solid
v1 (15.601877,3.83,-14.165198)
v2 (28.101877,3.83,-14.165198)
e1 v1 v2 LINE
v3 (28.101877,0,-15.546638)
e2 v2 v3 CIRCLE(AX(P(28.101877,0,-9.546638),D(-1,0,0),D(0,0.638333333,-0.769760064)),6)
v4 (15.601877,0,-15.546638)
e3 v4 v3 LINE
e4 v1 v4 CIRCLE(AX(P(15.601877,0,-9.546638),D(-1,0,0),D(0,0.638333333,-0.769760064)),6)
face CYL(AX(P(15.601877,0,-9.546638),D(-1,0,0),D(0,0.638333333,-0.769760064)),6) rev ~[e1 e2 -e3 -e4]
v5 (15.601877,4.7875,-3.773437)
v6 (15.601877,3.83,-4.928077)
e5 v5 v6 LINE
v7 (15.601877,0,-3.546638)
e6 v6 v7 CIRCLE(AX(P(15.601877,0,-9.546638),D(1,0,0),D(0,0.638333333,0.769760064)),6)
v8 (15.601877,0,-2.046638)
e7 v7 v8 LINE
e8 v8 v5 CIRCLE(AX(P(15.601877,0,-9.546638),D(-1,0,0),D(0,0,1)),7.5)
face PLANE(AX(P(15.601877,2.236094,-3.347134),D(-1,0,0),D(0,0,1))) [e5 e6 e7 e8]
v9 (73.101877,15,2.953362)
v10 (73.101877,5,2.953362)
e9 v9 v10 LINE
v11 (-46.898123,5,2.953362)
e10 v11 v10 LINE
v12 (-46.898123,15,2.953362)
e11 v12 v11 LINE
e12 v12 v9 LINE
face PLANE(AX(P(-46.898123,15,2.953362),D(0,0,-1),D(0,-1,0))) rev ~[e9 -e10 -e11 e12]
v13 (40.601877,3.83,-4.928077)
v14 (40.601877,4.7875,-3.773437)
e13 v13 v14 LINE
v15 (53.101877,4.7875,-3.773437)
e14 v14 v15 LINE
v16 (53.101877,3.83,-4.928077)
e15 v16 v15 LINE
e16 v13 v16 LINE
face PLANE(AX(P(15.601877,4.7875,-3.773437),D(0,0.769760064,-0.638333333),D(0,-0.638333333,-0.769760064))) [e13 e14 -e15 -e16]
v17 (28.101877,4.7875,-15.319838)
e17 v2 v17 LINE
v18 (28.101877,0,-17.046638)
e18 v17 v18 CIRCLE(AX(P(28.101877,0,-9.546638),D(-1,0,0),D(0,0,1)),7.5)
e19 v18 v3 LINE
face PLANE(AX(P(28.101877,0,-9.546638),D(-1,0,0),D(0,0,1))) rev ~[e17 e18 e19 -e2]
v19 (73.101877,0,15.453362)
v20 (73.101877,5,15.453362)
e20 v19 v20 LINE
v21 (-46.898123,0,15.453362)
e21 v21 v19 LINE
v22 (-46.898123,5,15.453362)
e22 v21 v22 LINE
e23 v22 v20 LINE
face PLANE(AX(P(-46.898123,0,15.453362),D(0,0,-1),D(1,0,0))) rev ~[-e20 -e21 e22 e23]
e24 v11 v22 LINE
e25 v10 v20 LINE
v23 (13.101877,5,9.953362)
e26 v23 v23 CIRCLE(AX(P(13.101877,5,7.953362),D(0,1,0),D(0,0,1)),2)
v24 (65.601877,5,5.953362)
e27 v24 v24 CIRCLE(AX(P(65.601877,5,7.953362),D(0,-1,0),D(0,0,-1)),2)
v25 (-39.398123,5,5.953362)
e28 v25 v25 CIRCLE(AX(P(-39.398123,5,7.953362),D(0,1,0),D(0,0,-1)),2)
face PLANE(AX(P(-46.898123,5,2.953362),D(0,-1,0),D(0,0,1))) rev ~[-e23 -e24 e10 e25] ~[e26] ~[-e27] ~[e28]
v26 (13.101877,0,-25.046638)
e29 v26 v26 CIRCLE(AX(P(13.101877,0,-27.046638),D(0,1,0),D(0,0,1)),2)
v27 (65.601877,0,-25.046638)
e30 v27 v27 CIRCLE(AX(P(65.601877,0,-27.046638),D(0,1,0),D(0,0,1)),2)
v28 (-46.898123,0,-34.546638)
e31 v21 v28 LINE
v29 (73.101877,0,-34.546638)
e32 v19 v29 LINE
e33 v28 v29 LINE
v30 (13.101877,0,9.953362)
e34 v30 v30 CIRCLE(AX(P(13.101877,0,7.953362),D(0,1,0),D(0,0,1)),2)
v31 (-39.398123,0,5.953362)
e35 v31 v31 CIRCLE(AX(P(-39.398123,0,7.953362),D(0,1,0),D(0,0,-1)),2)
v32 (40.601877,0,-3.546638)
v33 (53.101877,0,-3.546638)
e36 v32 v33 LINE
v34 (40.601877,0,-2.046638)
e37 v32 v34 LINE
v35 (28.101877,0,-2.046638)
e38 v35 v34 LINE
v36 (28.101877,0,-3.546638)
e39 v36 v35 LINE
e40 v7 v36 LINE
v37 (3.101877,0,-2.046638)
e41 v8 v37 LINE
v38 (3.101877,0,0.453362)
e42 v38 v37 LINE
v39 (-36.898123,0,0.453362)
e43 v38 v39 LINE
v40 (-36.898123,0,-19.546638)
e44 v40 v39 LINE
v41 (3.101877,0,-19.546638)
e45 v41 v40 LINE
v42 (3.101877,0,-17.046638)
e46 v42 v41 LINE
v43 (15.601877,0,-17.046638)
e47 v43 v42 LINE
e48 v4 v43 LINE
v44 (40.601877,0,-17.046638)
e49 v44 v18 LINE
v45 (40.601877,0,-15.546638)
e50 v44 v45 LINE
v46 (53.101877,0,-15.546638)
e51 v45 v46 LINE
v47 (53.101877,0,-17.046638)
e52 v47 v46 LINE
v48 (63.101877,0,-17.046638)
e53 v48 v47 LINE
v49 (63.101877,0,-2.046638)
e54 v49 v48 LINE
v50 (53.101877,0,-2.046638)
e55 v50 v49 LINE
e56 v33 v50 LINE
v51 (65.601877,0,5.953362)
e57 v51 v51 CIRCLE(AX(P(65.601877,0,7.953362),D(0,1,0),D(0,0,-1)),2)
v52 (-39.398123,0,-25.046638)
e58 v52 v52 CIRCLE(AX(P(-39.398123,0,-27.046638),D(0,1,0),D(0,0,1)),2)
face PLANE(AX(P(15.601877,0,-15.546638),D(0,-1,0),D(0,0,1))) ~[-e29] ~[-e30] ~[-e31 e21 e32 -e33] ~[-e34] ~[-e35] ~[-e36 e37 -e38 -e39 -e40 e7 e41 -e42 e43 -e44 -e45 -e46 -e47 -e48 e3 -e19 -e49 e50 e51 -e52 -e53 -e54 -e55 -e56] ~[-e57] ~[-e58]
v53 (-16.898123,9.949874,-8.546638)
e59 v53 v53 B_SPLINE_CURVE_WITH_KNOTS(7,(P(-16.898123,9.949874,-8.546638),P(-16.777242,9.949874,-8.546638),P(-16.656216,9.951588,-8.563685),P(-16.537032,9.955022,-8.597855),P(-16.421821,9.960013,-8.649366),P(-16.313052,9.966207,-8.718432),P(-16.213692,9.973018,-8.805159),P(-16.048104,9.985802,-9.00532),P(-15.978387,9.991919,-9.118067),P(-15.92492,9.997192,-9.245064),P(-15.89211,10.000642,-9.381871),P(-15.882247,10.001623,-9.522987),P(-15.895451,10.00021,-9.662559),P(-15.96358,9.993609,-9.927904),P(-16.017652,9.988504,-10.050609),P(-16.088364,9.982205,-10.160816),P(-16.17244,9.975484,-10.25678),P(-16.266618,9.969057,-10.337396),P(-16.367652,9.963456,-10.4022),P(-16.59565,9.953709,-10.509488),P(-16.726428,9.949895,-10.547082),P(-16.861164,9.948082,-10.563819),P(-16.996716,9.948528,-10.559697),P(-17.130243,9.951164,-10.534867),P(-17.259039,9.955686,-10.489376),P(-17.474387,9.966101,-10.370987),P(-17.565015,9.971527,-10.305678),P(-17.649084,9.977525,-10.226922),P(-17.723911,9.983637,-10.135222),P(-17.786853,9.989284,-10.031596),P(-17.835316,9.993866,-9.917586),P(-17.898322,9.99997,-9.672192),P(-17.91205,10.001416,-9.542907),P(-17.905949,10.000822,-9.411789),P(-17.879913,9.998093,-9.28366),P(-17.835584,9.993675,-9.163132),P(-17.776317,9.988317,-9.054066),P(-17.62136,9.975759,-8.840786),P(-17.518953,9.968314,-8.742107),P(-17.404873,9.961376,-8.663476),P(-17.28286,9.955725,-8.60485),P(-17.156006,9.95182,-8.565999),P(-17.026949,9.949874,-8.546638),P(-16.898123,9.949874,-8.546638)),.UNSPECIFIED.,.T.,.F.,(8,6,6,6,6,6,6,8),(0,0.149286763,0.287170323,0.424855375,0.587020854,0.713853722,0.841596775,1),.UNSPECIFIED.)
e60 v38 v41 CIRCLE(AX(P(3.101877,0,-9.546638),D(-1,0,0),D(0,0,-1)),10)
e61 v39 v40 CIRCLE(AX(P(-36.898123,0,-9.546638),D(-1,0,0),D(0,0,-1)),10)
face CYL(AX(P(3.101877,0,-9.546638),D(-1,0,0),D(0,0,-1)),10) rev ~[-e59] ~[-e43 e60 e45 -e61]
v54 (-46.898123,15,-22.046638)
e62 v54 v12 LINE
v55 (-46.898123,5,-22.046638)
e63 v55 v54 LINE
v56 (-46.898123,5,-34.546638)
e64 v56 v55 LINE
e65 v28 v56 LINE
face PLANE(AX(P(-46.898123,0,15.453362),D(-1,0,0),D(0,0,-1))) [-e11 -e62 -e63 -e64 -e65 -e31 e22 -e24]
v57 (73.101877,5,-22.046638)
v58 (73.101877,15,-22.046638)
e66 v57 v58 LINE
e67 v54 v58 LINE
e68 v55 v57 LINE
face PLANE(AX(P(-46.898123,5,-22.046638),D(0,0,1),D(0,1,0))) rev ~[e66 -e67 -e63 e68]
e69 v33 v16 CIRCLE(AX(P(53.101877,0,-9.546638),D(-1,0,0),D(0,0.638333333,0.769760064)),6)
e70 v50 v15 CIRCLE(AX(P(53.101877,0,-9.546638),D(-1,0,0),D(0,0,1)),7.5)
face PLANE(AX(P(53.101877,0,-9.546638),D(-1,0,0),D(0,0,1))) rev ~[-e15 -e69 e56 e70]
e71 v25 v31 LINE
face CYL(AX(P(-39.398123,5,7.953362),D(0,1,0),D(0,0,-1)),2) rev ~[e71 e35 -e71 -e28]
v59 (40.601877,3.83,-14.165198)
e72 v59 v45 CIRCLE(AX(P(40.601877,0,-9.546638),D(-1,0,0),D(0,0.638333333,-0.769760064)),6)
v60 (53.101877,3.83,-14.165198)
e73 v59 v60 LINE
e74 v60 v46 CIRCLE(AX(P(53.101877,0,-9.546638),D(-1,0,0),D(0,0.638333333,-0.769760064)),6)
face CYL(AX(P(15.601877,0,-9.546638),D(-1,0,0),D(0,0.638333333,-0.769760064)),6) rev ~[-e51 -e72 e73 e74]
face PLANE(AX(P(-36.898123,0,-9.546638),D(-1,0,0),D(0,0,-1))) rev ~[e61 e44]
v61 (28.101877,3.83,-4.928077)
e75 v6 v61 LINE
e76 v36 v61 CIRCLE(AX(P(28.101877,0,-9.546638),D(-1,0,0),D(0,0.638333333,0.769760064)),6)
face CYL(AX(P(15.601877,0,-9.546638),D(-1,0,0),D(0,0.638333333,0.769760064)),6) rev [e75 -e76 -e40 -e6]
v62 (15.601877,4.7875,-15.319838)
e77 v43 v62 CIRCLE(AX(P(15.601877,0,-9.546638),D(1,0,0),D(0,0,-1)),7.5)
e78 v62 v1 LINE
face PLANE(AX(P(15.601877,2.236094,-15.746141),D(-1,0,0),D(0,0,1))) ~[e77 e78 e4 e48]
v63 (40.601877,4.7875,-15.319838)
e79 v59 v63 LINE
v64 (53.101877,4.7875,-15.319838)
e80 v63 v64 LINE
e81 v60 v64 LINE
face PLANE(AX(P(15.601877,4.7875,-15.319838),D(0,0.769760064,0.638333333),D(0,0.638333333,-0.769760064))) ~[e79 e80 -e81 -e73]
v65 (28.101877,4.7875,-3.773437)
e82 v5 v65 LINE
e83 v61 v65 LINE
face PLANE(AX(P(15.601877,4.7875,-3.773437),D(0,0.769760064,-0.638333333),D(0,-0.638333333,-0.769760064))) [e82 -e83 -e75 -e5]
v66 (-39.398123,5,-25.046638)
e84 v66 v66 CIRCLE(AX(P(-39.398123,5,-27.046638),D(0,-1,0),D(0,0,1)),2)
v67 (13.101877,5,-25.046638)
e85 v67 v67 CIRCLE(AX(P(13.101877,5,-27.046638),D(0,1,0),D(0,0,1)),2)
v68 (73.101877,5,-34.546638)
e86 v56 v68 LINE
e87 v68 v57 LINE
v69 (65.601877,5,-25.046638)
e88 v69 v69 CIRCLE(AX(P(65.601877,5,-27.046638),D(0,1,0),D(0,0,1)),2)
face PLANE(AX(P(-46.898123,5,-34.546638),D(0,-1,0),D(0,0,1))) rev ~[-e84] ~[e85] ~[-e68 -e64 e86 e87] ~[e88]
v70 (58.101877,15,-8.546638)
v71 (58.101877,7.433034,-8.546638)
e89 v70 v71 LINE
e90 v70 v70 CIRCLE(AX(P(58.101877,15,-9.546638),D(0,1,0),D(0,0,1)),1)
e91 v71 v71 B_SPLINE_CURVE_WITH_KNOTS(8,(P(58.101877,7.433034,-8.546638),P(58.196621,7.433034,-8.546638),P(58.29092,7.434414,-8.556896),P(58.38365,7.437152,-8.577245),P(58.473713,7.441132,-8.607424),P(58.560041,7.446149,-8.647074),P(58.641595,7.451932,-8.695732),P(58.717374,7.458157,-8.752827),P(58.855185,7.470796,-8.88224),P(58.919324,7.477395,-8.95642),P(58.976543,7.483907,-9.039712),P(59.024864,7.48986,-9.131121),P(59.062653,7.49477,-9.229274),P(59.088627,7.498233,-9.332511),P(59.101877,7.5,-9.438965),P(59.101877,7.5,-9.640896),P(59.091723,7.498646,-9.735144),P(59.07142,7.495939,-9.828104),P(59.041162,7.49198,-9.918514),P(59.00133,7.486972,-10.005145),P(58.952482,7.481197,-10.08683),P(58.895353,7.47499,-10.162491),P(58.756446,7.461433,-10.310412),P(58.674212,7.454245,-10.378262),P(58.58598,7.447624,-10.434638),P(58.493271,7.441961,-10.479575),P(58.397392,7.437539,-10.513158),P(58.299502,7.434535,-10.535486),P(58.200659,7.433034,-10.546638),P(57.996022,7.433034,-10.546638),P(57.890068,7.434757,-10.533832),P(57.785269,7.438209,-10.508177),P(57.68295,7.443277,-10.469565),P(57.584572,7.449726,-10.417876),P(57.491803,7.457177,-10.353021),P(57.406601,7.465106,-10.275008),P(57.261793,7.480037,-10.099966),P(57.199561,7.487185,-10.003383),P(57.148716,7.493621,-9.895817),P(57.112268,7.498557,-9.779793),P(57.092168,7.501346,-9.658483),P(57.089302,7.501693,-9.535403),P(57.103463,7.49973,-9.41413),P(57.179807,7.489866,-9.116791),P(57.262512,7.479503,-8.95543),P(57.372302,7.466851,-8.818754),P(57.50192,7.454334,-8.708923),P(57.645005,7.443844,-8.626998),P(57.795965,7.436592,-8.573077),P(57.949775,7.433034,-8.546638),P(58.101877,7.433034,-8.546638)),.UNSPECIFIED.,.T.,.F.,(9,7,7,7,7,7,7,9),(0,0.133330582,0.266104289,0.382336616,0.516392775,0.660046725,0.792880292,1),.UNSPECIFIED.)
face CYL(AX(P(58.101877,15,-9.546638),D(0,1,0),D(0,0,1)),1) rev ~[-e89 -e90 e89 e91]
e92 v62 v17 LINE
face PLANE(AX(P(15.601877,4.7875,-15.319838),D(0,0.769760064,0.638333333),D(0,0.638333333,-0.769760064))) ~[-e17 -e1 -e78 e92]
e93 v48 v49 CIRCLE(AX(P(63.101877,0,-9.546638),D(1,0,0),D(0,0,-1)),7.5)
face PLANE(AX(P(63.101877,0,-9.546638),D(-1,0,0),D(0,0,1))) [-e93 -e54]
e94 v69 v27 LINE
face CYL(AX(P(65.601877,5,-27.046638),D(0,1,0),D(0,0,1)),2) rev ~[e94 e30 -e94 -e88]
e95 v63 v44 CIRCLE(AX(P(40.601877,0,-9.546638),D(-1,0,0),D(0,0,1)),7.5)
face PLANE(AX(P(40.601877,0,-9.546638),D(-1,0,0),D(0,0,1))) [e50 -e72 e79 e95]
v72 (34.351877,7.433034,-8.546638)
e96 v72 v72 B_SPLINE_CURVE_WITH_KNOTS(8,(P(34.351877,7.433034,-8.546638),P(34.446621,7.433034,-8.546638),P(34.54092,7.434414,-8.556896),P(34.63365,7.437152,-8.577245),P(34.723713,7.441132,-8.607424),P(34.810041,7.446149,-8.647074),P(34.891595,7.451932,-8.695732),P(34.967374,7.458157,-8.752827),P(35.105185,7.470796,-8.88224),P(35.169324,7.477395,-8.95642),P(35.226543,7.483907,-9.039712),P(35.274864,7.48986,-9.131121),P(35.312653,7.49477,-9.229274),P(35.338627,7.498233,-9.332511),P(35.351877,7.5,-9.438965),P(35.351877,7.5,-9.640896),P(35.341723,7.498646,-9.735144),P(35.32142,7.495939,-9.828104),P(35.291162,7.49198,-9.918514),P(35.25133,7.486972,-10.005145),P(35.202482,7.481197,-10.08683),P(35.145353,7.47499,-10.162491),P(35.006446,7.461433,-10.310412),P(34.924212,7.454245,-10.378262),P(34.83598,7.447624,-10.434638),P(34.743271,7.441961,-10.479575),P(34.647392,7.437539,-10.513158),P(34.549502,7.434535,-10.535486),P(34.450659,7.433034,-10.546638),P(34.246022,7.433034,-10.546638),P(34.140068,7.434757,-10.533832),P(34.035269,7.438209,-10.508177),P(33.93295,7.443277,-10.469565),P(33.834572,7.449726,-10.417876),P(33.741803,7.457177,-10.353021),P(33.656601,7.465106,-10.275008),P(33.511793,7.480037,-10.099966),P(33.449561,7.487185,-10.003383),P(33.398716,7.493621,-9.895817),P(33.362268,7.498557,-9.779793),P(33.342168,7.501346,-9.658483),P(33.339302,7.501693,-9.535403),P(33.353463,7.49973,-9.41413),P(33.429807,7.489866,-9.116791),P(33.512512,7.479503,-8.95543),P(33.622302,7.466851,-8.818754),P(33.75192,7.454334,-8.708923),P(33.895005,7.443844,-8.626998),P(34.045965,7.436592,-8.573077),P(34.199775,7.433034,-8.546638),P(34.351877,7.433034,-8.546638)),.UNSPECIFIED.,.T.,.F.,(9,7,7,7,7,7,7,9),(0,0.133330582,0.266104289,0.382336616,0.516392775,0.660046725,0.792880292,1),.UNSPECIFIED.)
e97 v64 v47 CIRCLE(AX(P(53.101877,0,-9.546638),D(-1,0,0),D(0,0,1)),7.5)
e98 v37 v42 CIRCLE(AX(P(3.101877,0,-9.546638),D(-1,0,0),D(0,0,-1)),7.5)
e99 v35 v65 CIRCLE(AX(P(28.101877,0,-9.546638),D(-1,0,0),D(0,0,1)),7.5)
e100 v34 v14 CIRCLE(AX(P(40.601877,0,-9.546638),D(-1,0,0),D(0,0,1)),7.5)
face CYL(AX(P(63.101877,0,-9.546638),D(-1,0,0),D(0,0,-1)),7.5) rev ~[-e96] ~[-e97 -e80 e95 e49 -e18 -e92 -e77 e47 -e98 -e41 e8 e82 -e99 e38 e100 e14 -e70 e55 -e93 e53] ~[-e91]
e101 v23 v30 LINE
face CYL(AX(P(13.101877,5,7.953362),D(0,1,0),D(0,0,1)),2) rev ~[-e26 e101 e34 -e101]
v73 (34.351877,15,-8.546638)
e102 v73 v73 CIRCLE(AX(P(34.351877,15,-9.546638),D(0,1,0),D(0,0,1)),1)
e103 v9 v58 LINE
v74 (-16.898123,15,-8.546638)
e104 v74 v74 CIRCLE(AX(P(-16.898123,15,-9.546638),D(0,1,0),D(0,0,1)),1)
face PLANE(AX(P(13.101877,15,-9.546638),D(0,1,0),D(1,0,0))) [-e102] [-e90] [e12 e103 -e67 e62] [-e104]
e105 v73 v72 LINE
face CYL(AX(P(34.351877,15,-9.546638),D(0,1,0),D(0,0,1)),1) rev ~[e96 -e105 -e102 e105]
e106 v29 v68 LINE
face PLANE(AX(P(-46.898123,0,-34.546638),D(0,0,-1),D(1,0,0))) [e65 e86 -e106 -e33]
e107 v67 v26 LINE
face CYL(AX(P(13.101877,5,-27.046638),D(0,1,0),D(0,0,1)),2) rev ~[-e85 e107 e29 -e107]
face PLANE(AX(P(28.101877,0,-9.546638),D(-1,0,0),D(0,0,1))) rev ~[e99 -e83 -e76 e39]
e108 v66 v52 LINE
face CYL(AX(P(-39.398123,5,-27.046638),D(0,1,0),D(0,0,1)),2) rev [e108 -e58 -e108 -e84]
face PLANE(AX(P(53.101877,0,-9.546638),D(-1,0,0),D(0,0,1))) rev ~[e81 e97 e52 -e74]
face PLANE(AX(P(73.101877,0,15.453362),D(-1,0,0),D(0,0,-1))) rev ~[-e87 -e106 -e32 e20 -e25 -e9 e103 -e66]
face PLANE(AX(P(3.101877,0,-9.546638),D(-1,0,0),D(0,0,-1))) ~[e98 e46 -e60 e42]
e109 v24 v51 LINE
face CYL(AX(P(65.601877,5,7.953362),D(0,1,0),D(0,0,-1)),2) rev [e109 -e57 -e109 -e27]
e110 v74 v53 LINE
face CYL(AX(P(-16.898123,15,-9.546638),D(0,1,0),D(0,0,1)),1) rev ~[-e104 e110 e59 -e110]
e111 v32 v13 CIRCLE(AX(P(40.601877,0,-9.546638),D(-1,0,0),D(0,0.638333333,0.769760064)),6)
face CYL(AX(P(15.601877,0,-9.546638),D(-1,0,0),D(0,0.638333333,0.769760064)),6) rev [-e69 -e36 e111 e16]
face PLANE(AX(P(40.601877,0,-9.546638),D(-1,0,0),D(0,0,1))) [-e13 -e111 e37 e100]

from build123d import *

# Parameters (mm, degrees)
SKETCH2_W                       = 120
SKETCH2_H                       = 50
BOSS_EXTRUDE1_DEPTH             = 15
AUFSATZ_LINEAR_START            = 47.5
AUFSATZ_LINEAR_AUSTRAGEN3_DEPTH = 47.5
SCHNITT_LINEAR_START            = 35
SKIZZE7_R                       = 7.5
SCHNITT_LINEAR_AUSTRAGEN2_DEPTH = 12.5
SCHNITT_LINEAR_START_2          = 10
SKIZZE7_2_R                     = 7.5
SCHNITT_LINEAR_AUSTRAGEN3_DEPTH = 10
SCHNITT_LINEAR_AUSTRAGEN4_REACH = 84.234
SKIZZE8_R                       = 1
SCHNITT_LINEAR_AUSTRAGEN5_DEPTH = 126.77149982
SKIZZE10_R                      = 2
SCHNITT_LINEAR_AUSTRAGEN7_DEPTH = 82.469960946
SPIEGELN3_COPY_1_SKETCH_R       = 2
SPIEGELN3_COPY_1_DEPTH          = 82.469960946
SKIZZE12_R                      = 2
SCHNITT_LINEAR_AUSTRAGEN8_DEPTH = 10


with BuildPart() as part:
    # Sketch2 → Boss-Extrude1 (new body)
    with BuildSketch(Plane(origin=(0, 0, 0), x_dir=(1, 0, 0), z_dir=(0, 1, 0))):
        with Locations((13.101876656, 9.54663752)):
            Rectangle(SKETCH2_W, SKETCH2_H)
    extrude(amount=BOSS_EXTRUDE1_DEPTH)

    # Sketch3 → Cut-Revolve8 (revolve, cut)
    with BuildSketch(Plane(origin=(0, 0, 0), x_dir=(1, 0, 0), z_dir=(0, 1, 0))):
        Polygon((63.101876656, 9.54663752), (63.101876656, 17.04663752), (3.101876656, 17.04663752), (3.101876656, 19.54663752), (-36.898123344, 19.54663752), (-36.898123344, 9.54663752), align=None)
    revolve(axis=Axis((74.354835368, 0, -9.54663752), (-1, 0, 0)), mode=Mode.SUBTRACT)

    # Skizze2 → Aufsatz-Linear austragen3 (add)
    with BuildSketch(Plane.ZY.offset(-63.101876656).offset(AUFSATZ_LINEAR_START)):
        with BuildLine():
            Line((-3.54663752, 0), (-2.04663752, 0))
            ThreePointArc((-2.04663752, 0), (-2.491532858, 2.544700024), (-3.773437043, 4.7875))
            Line((-3.773437043, 4.7875), (-4.928077138, 3.83))
            ThreePointArc((-4.928077138, 3.83), (-3.902553791, 2.035760019), (-3.54663752, 0))
        make_face()
    aufsatz_linear_austragen3 = extrude(amount=-AUFSATZ_LINEAR_AUSTRAGEN3_DEPTH)

    # Spiegeln1: Aufsatz-Linear austragen3 across plane
    add(aufsatz_linear_austragen3.mirror(Plane.XY.offset(-9.54663752)))

    # Skizze7 → Schnitt-Linear austragen2 (cut)
    with BuildSketch(Plane.ZY.offset(-63.101876656).offset(SCHNITT_LINEAR_START)):
        with Locations((-9.54663752, 0)):
            Circle(SKIZZE7_R)
    extrude(amount=-SCHNITT_LINEAR_AUSTRAGEN2_DEPTH, mode=Mode.SUBTRACT)

    # Skizze7<2> → Schnitt-Linear austragen3 (cut)
    with BuildSketch(Plane.ZY.offset(-63.101876656).offset(SCHNITT_LINEAR_START_2)):
        with Locations((-9.54663752, 0)):
            Circle(SKIZZE7_2_R)
    extrude(amount=-SCHNITT_LINEAR_AUSTRAGEN3_DEPTH, mode=Mode.SUBTRACT)

    # Skizze8 → Schnitt-Linear austragen4 (cut, up to next)
    with BuildSketch(Plane(origin=(0, 15, 0), x_dir=(1, 0, 0), z_dir=(0, 1, 0)), mode=Mode.PRIVATE) as schnitt_linear_austragen4_sk1:
        with Locations(Location((58.101876656, 9.54663752, 0), (0, 0, 270))):
            Circle(SKIZZE8_R)
    schnitt_linear_austragen4_tool1 = extrude(schnitt_linear_austragen4_sk1.sketch, amount=-SCHNITT_LINEAR_AUSTRAGEN4_REACH, mode=Mode.PRIVATE) & part.part
    # Skizze8 → Schnitt-Linear austragen4 (cut, up to next)
    with BuildSketch(Plane(origin=(0, 15, 0), x_dir=(1, 0, 0), z_dir=(0, 1, 0)), mode=Mode.PRIVATE) as schnitt_linear_austragen4_sk2:
        with Locations(Location((34.351876656, 9.54663752, 0), (0, 0, 270))):
            Circle(SKIZZE8_R)
    schnitt_linear_austragen4_tool2 = extrude(schnitt_linear_austragen4_sk2.sketch, amount=-SCHNITT_LINEAR_AUSTRAGEN4_REACH, mode=Mode.PRIVATE) & part.part
    # Skizze8 → Schnitt-Linear austragen4 (cut, up to next)
    with BuildSketch(Plane(origin=(0, 15, 0), x_dir=(1, 0, 0), z_dir=(0, 1, 0)), mode=Mode.PRIVATE) as schnitt_linear_austragen4_sk3:
        with Locations(Location((-16.898123344, 9.54663752, 0), (0, 0, 270))):
            Circle(SKIZZE8_R)
    schnitt_linear_austragen4_tool3 = extrude(schnitt_linear_austragen4_sk3.sketch, amount=-SCHNITT_LINEAR_AUSTRAGEN4_REACH, mode=Mode.PRIVATE) & part.part
    add(schnitt_linear_austragen4_tool1.solids().sort_by_distance((58.101877, 15, -9.546638))[0], mode=Mode.SUBTRACT)
    add(schnitt_linear_austragen4_tool2.solids().sort_by_distance((34.351877, 15, -9.546638))[0], mode=Mode.SUBTRACT)
    add(schnitt_linear_austragen4_tool3.solids().sort_by_distance((-16.898123, 15, -9.546638))[0], mode=Mode.SUBTRACT)

    # Skizze9 → Schnitt-Linear austragen5 (cut, through all)
    with BuildSketch(Plane.ZY.offset(46.898123344)):
        Polygon((-34.54663752, 5), (-22.04663752, 5), (-22.04663752, 15), (2.95336248, 15), (2.95336248, 5), (15.45336248, 5), (15.45336248, 15), (-34.54663752, 15), align=None)
    extrude(amount=-SCHNITT_LINEAR_AUSTRAGEN5_DEPTH, mode=Mode.SUBTRACT)

    # Skizze10 → Schnitt-Linear austragen7 (cut, through all)
    with BuildSketch(Plane(origin=(0, 5, 0), x_dir=(1, 0, 0), z_dir=(0, 1, 0))):
        with Locations(Location((65.601876656, 27.04663752, 0), (0, 0, 270))):
            Circle(SKIZZE10_R)
    schnitt_linear_austragen7 = extrude(amount=-SCHNITT_LINEAR_AUSTRAGEN7_DEPTH, mode=Mode.SUBTRACT)

    # Spiegeln2: Schnitt-Linear austragen7 across plane
    add(schnitt_linear_austragen7.mirror(Plane.XY.offset(-9.54663752)), mode=Mode.SUBTRACT)

    # Spiegeln3: Schnitt-Linear austragen7 across plane
    add(schnitt_linear_austragen7.mirror(Plane(origin=(13.101876656, 0, 0), x_dir=(0, 0, 1), z_dir=(1, 0, 0))), mode=Mode.SUBTRACT)

    # Spiegeln3 copy 1 sketch → Spiegeln3 copy 1 (cut, through all)
    with BuildSketch(Plane(origin=(26.203753312, 5, -19.09327504), x_dir=(-1, 0, 0), z_dir=(0, 1, 0))):
        with Locations(Location((65.601876656, 27.04663752, 0), (0, 0, 270))):
            Circle(SPIEGELN3_COPY_1_SKETCH_R)
    extrude(amount=-SPIEGELN3_COPY_1_DEPTH, mode=Mode.SUBTRACT)

    # Skizze12 → Schnitt-Linear austragen8 (cut)
    with BuildSketch(Plane(origin=(0, 5, 0), x_dir=(1, 0, 0), z_dir=(0, 1, 0))):
        with Locations(Location((13.101876656, 27.04663752, 0), (0, 0, 270))):
            Circle(SKIZZE12_R)
        with Locations(Location((13.101876656, -7.95336248, 0), (0, 0, 270))):
            Circle(SKIZZE12_R)
    extrude(amount=-SCHNITT_LINEAR_AUSTRAGEN8_DEPTH, mode=Mode.SUBTRACT)


solid = part.part
